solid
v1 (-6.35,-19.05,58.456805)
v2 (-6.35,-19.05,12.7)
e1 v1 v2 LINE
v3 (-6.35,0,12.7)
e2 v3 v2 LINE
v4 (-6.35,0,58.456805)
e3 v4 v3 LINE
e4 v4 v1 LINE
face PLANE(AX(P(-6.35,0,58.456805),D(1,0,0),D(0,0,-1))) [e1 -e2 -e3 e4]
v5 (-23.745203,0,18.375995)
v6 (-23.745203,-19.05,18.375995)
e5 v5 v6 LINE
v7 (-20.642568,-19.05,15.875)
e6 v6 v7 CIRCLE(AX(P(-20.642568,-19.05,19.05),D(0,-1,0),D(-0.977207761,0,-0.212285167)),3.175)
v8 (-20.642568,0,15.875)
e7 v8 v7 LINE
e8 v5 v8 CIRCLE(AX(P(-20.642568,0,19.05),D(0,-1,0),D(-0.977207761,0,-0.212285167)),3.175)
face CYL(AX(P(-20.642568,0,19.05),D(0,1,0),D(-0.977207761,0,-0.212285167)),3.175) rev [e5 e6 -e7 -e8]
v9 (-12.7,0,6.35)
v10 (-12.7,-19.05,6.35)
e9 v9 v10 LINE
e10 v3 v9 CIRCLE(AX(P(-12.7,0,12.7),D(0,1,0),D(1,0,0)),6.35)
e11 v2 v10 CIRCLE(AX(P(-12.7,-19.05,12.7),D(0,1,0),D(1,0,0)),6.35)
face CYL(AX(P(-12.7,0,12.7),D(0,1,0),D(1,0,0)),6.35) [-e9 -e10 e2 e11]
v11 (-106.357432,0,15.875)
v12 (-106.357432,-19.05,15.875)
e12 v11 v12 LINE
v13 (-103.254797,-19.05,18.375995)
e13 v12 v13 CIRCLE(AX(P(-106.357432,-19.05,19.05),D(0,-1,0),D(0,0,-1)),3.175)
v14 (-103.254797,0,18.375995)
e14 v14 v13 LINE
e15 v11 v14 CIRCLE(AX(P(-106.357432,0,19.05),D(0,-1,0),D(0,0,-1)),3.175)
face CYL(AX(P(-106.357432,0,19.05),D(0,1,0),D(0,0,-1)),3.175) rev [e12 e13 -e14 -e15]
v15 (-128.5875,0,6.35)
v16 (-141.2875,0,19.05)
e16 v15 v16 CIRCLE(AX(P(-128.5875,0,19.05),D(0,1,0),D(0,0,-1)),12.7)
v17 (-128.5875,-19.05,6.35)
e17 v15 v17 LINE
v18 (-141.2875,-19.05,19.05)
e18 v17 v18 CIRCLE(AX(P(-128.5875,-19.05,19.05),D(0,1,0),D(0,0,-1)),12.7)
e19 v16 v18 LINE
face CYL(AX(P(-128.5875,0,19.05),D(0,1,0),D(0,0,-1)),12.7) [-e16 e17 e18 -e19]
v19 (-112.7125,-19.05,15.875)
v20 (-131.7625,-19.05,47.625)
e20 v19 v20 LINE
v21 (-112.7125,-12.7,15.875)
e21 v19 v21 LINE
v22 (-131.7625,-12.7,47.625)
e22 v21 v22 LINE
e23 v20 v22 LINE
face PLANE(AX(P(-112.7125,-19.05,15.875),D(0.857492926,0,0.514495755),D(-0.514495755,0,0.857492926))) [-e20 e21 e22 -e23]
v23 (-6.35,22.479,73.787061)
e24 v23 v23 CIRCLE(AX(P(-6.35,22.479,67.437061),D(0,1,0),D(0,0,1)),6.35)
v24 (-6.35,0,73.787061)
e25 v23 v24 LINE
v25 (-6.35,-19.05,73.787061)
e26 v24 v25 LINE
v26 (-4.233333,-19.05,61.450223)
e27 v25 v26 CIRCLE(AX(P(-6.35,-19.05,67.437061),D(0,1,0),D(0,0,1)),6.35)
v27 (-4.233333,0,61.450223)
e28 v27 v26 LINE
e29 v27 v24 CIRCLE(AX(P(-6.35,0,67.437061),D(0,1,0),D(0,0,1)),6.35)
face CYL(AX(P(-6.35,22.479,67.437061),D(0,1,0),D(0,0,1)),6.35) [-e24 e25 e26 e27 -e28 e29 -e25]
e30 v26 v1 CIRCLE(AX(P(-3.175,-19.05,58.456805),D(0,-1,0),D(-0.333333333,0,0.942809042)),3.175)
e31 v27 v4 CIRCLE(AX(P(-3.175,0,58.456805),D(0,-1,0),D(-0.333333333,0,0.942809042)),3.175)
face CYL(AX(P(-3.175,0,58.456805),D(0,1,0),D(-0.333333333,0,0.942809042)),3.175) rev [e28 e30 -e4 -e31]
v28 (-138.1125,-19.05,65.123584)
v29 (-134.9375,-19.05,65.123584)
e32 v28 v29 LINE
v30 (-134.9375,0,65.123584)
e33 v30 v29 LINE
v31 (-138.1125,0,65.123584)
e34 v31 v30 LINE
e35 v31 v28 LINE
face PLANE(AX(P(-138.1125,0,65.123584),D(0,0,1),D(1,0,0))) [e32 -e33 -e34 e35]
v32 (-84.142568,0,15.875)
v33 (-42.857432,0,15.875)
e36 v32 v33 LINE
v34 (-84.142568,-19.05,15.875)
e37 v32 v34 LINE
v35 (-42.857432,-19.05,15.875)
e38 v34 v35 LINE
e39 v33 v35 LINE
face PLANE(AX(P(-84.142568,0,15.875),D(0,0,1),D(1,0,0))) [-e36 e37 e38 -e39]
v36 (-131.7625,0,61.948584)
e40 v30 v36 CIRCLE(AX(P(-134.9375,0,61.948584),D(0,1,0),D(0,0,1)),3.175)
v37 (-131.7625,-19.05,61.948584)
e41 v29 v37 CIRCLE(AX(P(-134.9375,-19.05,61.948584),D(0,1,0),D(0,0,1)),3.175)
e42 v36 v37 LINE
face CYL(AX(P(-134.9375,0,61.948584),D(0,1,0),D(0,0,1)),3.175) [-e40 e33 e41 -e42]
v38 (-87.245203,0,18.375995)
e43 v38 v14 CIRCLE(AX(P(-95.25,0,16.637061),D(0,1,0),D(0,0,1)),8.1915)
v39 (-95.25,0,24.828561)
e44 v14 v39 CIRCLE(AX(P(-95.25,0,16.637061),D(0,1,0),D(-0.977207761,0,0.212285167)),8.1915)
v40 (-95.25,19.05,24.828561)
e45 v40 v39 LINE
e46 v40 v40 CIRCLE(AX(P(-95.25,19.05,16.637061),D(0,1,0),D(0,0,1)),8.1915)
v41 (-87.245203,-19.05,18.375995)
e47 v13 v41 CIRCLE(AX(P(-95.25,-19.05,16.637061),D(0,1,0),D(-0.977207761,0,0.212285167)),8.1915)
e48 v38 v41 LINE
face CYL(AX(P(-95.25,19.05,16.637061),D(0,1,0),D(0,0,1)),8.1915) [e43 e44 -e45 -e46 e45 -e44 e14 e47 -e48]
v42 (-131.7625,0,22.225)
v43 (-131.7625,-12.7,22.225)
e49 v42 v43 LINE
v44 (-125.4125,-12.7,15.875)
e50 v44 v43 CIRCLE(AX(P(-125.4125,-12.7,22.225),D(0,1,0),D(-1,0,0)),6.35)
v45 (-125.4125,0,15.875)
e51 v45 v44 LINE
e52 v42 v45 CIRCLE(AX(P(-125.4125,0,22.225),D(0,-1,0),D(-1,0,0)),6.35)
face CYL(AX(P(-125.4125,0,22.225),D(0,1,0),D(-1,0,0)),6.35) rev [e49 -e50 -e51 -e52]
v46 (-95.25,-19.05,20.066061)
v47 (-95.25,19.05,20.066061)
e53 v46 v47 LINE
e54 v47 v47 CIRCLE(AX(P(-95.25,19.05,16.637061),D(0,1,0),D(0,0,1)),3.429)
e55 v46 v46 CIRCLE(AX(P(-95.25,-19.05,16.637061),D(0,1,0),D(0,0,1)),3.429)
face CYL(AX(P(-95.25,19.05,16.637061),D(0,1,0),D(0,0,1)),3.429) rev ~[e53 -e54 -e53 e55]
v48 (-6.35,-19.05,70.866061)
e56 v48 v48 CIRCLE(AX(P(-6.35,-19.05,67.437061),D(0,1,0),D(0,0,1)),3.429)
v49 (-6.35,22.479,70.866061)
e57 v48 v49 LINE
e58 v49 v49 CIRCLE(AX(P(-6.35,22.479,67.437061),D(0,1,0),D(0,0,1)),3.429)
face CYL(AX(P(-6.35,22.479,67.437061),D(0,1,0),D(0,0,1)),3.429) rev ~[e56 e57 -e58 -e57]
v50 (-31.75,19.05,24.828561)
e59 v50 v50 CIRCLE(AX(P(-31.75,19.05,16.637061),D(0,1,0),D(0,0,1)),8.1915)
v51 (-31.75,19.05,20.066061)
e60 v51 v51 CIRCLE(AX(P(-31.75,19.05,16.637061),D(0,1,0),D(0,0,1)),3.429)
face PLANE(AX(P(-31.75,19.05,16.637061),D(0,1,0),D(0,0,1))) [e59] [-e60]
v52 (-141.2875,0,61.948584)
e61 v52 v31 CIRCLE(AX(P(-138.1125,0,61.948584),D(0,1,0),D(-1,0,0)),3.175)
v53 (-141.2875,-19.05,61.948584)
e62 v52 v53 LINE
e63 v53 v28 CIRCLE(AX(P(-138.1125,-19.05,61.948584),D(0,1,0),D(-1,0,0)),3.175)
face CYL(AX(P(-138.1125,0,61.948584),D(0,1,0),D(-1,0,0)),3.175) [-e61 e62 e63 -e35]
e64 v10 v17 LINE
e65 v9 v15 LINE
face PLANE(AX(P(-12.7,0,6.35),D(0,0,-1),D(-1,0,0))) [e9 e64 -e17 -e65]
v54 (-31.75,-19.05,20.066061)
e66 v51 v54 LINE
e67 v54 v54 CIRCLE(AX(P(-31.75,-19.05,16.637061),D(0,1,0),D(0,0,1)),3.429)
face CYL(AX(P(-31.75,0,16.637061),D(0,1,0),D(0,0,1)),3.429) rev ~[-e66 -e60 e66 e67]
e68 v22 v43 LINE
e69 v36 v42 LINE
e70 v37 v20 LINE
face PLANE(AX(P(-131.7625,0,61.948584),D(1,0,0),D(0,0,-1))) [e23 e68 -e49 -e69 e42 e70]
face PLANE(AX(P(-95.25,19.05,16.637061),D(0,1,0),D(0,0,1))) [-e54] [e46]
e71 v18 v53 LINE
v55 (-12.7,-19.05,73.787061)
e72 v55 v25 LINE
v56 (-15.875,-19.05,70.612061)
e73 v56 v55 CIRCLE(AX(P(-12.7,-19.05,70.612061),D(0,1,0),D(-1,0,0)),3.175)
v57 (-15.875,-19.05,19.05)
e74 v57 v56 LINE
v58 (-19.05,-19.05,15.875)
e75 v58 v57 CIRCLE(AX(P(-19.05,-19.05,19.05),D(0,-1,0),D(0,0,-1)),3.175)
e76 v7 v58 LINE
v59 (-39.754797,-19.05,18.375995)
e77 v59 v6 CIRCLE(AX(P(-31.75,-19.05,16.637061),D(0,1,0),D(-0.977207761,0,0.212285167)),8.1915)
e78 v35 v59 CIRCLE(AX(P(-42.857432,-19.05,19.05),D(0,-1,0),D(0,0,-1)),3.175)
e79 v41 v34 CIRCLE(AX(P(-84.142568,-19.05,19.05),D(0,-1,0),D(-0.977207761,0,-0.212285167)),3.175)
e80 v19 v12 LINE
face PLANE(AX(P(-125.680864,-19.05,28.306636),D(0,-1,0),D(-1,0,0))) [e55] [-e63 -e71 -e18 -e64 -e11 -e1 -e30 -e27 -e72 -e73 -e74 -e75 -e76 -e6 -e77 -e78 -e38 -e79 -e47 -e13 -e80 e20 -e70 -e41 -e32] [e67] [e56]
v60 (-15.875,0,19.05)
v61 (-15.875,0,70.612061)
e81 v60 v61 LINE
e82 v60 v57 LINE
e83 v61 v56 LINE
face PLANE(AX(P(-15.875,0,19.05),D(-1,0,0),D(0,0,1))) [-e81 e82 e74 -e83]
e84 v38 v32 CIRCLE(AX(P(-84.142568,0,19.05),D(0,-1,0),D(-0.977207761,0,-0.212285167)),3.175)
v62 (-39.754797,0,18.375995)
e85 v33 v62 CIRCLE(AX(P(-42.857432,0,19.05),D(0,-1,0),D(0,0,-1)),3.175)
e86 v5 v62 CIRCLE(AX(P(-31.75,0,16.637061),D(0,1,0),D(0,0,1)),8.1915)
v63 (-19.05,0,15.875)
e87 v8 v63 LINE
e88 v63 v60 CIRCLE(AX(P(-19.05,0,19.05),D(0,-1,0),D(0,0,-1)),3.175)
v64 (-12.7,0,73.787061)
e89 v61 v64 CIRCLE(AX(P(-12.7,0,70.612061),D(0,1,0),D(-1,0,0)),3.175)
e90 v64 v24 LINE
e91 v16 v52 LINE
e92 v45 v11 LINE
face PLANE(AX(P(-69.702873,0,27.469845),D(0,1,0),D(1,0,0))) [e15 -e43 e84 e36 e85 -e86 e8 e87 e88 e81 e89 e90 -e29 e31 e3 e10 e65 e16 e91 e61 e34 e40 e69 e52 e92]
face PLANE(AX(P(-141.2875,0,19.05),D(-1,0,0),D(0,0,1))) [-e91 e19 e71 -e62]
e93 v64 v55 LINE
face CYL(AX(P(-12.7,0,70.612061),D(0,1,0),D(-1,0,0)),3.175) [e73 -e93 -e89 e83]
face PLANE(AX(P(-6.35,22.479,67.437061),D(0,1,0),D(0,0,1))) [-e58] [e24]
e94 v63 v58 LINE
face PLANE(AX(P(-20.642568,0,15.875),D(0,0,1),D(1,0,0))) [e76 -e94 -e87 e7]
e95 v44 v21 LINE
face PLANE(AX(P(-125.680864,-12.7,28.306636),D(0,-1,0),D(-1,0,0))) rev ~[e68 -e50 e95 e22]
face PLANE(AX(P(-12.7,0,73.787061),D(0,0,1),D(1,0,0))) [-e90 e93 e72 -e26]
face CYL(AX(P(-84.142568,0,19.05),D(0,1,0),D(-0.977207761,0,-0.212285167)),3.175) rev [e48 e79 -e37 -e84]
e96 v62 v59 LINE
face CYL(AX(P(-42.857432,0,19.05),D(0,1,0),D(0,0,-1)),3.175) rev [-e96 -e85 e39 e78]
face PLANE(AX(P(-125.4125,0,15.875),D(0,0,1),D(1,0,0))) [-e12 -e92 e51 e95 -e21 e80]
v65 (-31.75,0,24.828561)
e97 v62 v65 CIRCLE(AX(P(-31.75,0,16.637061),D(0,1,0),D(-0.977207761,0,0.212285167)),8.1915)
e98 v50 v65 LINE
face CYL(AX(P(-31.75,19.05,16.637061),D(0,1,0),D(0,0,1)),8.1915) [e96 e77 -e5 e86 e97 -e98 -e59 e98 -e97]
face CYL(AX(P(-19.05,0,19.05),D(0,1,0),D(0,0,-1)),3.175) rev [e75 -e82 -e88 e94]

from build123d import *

# Parameters (mm, degrees)
SKETCH2_R           = 3.429
BOSS_EXTRUDE1_DEPTH = 19.05
BOSS_EXTRUDE2_START = 19.05
SKETCH3_R           = 8.1915
SKETCH3_R_2         = 3.429
SKETCH3_R_3         = 6.35
BOSS_EXTRUDE2_DEPTH = 19.05
BOSS_EXTRUDE5_START = 3.429
SKETCH4_R           = 6.35
SKETCH4_R_2         = 3.429
BOSS_EXTRUDE5_DEPTH = 3.429
BOSS_EXTRUDE6_START = -19.05
BOSS_EXTRUDE6_DEPTH = 6.35


with BuildPart() as part:
    # Sketch2 → Boss-Extrude1 (new body)
    with BuildSketch(Plane(origin=(0, 0, 0), x_dir=(1, 0, 0), z_dir=(0, 1, 0))):
        with BuildLine():
            Line((-84.142567987, -15.875), (-42.857432013, -15.875))
            ThreePointArc((-42.857432013, -15.875), (-40.864863591, -16.578098691), (-39.754797373, -18.375994594))
            ThreePointArc((-39.754797373, -18.375994594), (-31.75, -24.828560646), (-23.745202627, -18.375994594))
            ThreePointArc((-23.745202627, -18.375994594), (-22.635136409, -16.578098691), (-20.642567987, -15.875))
            Line((-20.642567987, -15.875), (-19.05, -15.875))
            ThreePointArc((-19.05, -15.875), (-16.80493597, -16.80493597), (-15.875, -19.05))
            Line((-15.875, -19.05), (-15.875, -70.612060646))
            ThreePointArc((-15.875, -70.612060646), (-14.94506403, -72.857124676), (-12.7, -73.787060646))
            Line((-12.7, -73.787060646), (-6.35, -73.787060646))
            ThreePointArc((-6.35, -73.787060646), (-0.091449146, -68.510858211), (-4.233333333, -61.450223232))
            ThreePointArc((-4.233333333, -61.450223232), (-5.767376644, -60.28989163), (-6.35, -58.456804525))
            Line((-6.35, -58.456804525), (-6.35, -12.7))
            ThreePointArc((-6.35, -12.7), (-8.209871939, -8.209871939), (-12.7, -6.35))
            Line((-12.7, -6.35), (-128.5875, -6.35))
            ThreePointArc((-128.5875, -6.35), (-137.567756121, -10.069743879), (-141.2875, -19.05))
            Line((-141.2875, -19.05), (-141.2875, -61.948583794))
            ThreePointArc((-141.2875, -61.948583794), (-140.35756403, -64.193647824), (-138.1125, -65.123583794))
            Line((-138.1125, -65.123583794), (-134.9375, -65.123583794))
            ThreePointArc((-134.9375, -65.123583794), (-132.69243597, -64.193647824), (-131.7625, -61.948583794))
            Line((-131.7625, -61.948583794), (-131.7625, -22.225))
            ThreePointArc((-131.7625, -22.225), (-129.90262806, -17.734871939), (-125.4125, -15.875))
            Line((-125.4125, -15.875), (-106.357432013, -15.875))
            ThreePointArc((-106.357432013, -15.875), (-104.364863591, -16.578098691), (-103.254797373, -18.375994594))
            ThreePointArc((-103.254797373, -18.375994594), (-95.25, -24.828560646), (-87.245202627, -18.375994594))
            ThreePointArc((-87.245202627, -18.375994594), (-86.135136409, -16.578098691), (-84.142567987, -15.875))
        make_face()
        with Locations(Location((-95.25, -16.637060646, 0), (0, 0, 270))):
            Circle(SKETCH2_R, mode=Mode.SUBTRACT)
        with Locations(Location((-31.75, -16.637060646, 0), (0, 0, 270))):
            Circle(SKETCH2_R, mode=Mode.SUBTRACT)
        with Locations(Location((-6.35, -67.437060646, 0), (0, 0, 270))):
            Circle(SKETCH2_R, mode=Mode.SUBTRACT)
    extrude(amount=-BOSS_EXTRUDE1_DEPTH)

    # Sketch3 → Boss-Extrude2 (add)
    # profile 1 of 3: a face of its own
    with BuildSketch(Plane(origin=(0, 0, 0), x_dir=(1, 0, 0), z_dir=(0, 1, 0)).offset(BOSS_EXTRUDE2_START)):
        with Locations(Location((-95.25, -16.637060646, 0), (0, 0, 270))):
            Circle(SKETCH3_R)
        with Locations(Location((-95.25, -16.637060646, 0), (0, 0, 270))):
            Circle(SKETCH3_R_2, mode=Mode.SUBTRACT)
    # profile 2 of 3: a face of its own
    with BuildSketch(Plane(origin=(0, 0, 0), x_dir=(1, 0, 0), z_dir=(0, 1, 0)).offset(BOSS_EXTRUDE2_START)):
        with Locations(Location((-31.75, -16.637060646, 0), (0, 0, 270))):
            Circle(SKETCH3_R)
        with Locations(Location((-31.75, -16.637060646, 0), (0, 0, 270))):
            Circle(SKETCH3_R_2, mode=Mode.SUBTRACT)
    # profile 3 of 3: a face of its own
    with BuildSketch(Plane(origin=(0, 0, 0), x_dir=(1, 0, 0), z_dir=(0, 1, 0)).offset(BOSS_EXTRUDE2_START)):
        with Locations(Location((-6.35, -67.437060646, 0), (0, 0, 270))):
            Circle(SKETCH3_R_3)
        with Locations(Location((-6.35, -67.437060646, 0), (0, 0, 270))):
            Circle(SKETCH3_R_2, mode=Mode.SUBTRACT)
    extrude(amount=-BOSS_EXTRUDE2_DEPTH)

    # Sketch4 → Boss-Extrude5 (add)
    with BuildSketch(Plane(origin=(0, 19.05, 0), x_dir=(1, 0, 0), z_dir=(0, 1, 0)).offset(BOSS_EXTRUDE5_START)):
        with Locations(Location((-6.35, -67.437060646, 0), (0, 0, 270))):
            Circle(SKETCH4_R)
        with Locations(Location((-6.35, -67.437060646, 0), (0, 0, 270))):
            Circle(SKETCH4_R_2, mode=Mode.SUBTRACT)
    extrude(amount=-BOSS_EXTRUDE5_DEPTH)

    # Sketch6 → Boss-Extrude6 (add)
    with BuildSketch(Plane(origin=(0, 0, 0), x_dir=(1, 0, 0), z_dir=(0, 1, 0)).offset(BOSS_EXTRUDE6_START)):
        Polygon((-112.7125, -15.875), (-131.7625, -47.625), (-131.7625, -15.875), align=None)
    extrude(amount=BOSS_EXTRUDE6_DEPTH)


solid = part.part
